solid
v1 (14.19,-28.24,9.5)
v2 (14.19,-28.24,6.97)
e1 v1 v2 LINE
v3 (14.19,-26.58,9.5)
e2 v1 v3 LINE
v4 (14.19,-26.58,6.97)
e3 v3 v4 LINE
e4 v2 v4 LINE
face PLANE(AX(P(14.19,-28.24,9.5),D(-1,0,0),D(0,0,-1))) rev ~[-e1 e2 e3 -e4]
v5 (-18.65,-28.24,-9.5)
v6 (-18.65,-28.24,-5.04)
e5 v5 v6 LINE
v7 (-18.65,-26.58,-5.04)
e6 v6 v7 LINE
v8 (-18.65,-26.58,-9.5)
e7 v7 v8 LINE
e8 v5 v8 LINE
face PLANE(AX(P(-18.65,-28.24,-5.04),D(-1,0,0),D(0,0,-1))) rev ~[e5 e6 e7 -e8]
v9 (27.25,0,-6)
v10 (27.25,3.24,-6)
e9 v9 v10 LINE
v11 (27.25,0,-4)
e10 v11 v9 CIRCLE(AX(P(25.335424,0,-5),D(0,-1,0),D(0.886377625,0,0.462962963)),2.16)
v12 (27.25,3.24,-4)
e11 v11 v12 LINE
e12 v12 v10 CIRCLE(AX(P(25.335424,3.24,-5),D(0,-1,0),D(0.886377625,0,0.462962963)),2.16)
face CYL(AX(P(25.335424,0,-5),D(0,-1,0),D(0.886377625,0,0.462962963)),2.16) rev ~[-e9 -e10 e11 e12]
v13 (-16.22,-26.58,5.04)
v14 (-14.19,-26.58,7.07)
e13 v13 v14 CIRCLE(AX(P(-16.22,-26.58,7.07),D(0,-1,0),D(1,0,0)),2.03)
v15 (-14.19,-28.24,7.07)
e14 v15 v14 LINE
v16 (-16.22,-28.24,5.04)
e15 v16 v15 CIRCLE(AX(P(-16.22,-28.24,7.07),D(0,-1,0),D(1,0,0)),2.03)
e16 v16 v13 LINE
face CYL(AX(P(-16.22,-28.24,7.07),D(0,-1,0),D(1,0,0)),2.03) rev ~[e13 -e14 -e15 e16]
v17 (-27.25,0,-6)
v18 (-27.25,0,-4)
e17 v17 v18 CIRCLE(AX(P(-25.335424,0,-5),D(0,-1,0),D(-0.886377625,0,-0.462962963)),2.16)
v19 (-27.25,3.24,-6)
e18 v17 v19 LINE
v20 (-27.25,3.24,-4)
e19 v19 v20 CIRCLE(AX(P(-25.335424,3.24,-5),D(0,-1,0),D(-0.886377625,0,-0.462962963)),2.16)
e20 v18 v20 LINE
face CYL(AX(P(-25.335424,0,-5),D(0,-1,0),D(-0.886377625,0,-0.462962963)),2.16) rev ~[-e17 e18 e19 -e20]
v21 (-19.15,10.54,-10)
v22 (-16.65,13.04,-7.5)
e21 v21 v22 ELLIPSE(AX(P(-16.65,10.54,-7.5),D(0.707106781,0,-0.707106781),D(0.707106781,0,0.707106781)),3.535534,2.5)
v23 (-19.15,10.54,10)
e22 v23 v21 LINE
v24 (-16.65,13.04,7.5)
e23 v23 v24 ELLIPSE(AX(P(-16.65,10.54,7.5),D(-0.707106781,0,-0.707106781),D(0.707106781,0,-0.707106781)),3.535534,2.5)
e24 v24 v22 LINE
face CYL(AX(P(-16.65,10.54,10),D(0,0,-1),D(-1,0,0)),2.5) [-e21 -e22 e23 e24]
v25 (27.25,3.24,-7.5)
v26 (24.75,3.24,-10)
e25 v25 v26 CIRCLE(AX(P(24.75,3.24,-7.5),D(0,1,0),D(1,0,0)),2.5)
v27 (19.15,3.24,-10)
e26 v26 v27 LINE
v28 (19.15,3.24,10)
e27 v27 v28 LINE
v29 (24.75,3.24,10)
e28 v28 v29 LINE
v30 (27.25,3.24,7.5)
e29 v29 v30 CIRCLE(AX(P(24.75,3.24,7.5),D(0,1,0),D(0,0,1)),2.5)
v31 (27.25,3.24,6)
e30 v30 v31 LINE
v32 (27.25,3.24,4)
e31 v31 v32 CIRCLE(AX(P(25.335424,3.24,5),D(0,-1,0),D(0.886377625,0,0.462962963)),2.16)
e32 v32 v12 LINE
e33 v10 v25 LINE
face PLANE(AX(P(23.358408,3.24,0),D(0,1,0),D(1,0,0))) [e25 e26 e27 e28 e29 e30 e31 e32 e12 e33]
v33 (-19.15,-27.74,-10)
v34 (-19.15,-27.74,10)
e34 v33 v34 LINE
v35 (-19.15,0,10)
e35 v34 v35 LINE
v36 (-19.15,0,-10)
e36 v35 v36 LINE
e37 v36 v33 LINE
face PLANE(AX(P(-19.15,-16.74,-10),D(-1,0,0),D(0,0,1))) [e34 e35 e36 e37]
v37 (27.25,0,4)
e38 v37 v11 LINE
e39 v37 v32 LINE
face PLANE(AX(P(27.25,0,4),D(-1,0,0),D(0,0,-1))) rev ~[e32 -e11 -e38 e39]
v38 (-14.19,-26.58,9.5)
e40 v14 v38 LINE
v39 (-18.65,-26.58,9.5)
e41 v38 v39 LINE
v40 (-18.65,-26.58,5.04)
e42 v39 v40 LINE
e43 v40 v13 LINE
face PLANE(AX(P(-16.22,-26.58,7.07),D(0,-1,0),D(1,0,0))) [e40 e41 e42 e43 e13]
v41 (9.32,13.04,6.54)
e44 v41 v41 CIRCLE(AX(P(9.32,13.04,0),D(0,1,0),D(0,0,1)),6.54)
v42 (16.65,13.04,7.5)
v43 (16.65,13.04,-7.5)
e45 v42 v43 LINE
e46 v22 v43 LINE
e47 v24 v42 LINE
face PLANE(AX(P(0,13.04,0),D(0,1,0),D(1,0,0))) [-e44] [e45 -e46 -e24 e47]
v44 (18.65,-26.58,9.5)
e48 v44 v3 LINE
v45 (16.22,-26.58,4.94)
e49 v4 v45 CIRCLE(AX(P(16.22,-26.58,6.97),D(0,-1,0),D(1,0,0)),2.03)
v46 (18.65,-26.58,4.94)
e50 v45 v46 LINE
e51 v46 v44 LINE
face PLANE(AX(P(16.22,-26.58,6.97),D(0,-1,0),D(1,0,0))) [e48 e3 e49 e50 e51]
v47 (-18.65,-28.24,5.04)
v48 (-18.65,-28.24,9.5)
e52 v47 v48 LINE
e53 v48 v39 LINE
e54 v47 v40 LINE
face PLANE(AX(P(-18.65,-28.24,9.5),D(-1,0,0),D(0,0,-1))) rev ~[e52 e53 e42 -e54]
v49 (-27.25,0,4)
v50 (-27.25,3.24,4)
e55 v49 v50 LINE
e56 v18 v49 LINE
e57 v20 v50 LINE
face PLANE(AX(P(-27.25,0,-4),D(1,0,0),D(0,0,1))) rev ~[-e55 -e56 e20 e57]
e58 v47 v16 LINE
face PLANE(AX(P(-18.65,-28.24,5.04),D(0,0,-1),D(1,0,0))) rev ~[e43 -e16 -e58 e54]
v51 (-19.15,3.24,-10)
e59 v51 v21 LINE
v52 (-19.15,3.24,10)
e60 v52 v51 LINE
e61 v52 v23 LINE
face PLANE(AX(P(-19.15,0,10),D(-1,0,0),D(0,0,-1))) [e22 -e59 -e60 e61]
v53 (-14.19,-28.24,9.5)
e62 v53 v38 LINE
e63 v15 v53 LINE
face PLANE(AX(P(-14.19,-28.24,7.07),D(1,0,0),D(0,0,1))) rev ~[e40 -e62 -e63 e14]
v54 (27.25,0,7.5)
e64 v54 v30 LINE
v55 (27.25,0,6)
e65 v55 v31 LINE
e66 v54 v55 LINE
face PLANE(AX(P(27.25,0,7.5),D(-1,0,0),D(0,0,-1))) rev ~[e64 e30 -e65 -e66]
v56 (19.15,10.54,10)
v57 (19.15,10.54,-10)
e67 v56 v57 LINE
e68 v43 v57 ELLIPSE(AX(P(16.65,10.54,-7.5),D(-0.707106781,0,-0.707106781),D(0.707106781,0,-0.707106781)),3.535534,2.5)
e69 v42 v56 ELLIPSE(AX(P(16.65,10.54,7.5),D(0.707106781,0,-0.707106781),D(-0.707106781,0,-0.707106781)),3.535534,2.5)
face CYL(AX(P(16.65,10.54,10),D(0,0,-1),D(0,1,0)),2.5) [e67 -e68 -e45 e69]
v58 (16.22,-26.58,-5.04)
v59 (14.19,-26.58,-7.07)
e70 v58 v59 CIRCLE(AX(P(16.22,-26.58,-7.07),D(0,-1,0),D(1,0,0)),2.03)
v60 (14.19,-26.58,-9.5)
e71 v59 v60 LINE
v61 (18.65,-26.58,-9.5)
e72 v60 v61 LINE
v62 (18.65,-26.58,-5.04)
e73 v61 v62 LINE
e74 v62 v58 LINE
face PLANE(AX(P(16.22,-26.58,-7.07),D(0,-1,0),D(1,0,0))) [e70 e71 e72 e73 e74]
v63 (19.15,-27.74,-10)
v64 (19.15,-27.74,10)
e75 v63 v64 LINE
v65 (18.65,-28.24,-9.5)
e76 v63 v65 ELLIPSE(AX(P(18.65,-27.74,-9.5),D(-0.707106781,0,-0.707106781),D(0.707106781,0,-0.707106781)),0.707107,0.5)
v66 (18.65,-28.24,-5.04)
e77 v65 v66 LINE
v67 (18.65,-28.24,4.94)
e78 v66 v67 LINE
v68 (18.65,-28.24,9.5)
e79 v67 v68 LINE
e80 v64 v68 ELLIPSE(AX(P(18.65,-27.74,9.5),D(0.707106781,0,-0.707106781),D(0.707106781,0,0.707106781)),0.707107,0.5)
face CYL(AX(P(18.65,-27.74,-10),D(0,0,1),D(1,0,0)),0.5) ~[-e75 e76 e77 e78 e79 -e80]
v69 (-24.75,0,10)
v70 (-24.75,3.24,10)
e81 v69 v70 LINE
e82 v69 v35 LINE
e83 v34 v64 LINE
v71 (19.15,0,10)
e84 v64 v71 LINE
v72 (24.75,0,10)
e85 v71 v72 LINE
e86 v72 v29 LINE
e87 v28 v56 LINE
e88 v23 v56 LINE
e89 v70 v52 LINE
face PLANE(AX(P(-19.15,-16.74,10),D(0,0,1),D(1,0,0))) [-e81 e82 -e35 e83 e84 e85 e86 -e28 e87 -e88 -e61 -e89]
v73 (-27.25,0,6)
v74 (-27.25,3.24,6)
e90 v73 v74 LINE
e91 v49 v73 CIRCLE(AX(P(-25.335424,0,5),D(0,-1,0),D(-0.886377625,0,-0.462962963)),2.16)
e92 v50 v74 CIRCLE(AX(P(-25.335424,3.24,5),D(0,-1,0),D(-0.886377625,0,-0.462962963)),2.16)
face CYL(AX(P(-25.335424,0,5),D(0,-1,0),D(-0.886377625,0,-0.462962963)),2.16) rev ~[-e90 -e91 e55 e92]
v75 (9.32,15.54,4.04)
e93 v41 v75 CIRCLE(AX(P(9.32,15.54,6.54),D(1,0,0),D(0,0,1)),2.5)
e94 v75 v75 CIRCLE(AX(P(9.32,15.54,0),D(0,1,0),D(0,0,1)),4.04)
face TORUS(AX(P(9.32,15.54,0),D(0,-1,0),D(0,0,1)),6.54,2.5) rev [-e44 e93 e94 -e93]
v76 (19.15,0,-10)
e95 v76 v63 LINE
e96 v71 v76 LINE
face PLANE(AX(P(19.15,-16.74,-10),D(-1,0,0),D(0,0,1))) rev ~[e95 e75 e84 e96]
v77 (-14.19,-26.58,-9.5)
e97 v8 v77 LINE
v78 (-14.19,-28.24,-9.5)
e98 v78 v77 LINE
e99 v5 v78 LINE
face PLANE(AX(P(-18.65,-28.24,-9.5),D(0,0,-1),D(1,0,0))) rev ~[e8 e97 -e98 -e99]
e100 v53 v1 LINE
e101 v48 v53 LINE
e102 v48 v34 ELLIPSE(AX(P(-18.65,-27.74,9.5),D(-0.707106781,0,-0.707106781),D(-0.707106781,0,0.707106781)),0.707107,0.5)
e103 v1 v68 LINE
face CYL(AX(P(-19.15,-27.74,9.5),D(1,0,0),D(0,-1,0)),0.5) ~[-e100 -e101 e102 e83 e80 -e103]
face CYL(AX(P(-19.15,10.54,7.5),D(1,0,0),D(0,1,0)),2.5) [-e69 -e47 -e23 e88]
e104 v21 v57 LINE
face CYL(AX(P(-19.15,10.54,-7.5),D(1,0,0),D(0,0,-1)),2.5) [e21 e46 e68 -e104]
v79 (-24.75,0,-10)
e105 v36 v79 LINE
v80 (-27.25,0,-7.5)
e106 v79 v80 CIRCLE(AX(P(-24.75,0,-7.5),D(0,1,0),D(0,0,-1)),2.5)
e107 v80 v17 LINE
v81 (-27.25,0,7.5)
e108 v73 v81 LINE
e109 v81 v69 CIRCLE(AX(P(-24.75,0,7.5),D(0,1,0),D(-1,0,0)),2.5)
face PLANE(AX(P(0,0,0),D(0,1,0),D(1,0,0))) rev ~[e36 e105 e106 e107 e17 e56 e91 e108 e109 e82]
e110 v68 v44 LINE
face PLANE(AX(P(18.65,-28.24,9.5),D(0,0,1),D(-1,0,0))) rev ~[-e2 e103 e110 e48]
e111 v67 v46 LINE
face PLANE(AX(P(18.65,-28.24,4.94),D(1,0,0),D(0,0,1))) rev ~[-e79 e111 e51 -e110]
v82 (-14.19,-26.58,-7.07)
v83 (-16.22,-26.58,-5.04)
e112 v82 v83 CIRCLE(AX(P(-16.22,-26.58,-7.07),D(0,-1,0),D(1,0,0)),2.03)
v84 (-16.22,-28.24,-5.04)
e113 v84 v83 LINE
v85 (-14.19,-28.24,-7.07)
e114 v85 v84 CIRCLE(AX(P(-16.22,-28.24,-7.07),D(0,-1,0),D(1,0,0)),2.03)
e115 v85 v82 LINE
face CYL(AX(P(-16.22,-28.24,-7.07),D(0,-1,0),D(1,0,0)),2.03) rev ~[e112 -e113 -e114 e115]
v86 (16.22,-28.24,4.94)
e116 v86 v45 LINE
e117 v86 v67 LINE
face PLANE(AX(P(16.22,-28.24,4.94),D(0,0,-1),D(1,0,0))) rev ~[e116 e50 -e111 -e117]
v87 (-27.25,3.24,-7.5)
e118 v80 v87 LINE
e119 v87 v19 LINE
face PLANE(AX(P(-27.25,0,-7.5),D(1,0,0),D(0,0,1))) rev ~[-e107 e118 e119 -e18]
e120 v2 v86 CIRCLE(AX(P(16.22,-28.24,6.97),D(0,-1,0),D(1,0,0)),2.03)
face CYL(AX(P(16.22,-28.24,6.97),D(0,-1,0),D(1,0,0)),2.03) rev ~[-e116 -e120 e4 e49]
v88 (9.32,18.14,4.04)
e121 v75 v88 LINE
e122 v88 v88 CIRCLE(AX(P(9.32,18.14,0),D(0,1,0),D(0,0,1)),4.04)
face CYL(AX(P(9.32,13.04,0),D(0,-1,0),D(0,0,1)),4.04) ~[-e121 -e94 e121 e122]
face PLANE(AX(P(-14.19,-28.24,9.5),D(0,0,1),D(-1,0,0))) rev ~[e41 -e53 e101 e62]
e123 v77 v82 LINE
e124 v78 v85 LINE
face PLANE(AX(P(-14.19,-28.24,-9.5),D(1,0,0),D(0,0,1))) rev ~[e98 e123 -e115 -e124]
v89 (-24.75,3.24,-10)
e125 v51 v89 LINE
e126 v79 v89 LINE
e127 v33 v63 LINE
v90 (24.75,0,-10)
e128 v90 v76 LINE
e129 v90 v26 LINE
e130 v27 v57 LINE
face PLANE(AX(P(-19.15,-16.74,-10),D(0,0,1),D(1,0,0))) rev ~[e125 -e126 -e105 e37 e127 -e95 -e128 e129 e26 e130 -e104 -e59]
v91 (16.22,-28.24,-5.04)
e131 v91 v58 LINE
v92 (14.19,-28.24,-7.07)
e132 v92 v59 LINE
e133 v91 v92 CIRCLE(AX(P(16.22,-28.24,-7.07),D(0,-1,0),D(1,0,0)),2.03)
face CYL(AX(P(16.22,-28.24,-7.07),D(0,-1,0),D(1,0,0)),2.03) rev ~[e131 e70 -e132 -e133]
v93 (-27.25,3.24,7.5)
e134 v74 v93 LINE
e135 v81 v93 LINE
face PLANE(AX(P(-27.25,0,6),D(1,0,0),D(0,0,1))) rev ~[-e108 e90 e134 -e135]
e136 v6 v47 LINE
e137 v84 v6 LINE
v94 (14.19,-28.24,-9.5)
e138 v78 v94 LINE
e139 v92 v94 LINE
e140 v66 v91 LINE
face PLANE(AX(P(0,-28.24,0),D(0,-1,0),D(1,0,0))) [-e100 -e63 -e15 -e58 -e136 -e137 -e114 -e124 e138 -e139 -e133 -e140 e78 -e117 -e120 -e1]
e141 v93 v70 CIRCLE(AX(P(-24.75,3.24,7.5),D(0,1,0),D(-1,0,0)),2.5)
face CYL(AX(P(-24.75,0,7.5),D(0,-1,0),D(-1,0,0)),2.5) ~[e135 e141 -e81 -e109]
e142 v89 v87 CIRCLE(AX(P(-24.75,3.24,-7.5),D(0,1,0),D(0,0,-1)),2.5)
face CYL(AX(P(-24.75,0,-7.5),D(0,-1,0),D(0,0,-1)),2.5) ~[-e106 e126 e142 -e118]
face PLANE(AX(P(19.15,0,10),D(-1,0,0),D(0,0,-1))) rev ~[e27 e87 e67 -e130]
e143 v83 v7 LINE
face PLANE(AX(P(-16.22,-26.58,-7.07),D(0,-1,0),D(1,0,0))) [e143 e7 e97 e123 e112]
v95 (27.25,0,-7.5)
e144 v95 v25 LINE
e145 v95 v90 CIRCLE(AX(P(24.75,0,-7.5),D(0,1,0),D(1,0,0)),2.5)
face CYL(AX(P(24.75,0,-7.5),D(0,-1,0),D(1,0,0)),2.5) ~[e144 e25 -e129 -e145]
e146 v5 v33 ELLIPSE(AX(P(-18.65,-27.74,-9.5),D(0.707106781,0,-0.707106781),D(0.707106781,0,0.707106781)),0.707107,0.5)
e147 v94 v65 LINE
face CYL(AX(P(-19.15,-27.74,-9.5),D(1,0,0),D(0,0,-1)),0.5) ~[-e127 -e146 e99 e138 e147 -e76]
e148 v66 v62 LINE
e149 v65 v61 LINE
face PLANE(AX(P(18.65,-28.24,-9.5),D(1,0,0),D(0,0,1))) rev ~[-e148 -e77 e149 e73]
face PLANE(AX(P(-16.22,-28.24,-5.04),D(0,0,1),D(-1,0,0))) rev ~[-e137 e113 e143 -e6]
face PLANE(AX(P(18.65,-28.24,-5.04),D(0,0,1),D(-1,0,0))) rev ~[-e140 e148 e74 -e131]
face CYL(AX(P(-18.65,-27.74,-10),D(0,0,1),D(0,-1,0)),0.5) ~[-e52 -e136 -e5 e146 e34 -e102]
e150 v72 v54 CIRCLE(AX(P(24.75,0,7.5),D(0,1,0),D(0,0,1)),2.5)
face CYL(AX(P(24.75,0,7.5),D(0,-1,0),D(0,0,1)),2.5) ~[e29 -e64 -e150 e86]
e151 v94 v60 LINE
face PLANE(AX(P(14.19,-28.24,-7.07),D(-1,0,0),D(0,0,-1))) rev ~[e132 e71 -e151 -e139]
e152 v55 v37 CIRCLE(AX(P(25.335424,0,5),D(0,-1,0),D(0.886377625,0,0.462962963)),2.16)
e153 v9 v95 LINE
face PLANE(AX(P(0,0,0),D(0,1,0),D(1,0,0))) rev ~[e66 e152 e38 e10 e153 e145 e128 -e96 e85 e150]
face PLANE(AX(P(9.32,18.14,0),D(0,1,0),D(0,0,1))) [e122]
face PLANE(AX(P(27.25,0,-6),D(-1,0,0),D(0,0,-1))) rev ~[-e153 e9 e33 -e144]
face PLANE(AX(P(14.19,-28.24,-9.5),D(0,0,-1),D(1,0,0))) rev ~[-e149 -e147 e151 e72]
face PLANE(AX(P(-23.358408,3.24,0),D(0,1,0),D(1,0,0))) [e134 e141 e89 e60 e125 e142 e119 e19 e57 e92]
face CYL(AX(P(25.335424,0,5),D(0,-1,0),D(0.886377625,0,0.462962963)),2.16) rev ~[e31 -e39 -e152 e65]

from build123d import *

# Parameters (mm, degrees)
BOSS_EXTRUDE2_DEPTH   = 3.24
BOSS_EXTRUDE2_2_DEPTH = 3.24
SKETCH1_9_W           = 38.3
SKETCH1_9_H           = 20
BOSS_EXTRUDE3_DEPTH   = 13.04
SKETCH2_R             = 4.04
BOSS_EXTRUDE4_DEPTH   = 5.1
SKETCH1_10_W          = 38.3
SKETCH1_10_H          = 20
BOSS_EXTRUDE7_DEPTH   = 16.74
SKETCH5_W             = 38.3
SKETCH5_H             = 20
BOSS_EXTRUDE8_DEPTH   = 11.5
FILLET1_R             = 2.5
FILLET2_R             = 0.5
SKETCH6_R             = 2.03
CUT_EXTRUDE1_DEPTH    = 1.66


with BuildPart() as part:
    # Sketch1 → Boss-Extrude2 (new body)
    with BuildSketch(Plane(origin=(0, 0, 0), x_dir=(1, 0, 0), z_dir=(0, 1, 0))):
        with BuildLine():
            Line((-19.15, -10), (-19.15, 10))
            Line((-19.15, 10), (-24.75, 10))
            ThreePointArc((-24.75, 10), (-26.517766953, 9.267766953), (-27.25, 7.5))
            Line((-27.25, 7.5), (-27.25, 6))
            ThreePointArc((-27.25, 6), (-23.175424329, 5), (-27.25, 4))
            Line((-27.25, 4), (-27.25, -4))
            ThreePointArc((-27.25, -4), (-23.175424329, -5), (-27.25, -6))
            Line((-27.25, -6), (-27.25, -7.5))
            ThreePointArc((-27.25, -7.5), (-26.517766953, -9.267766953), (-24.75, -10))
            Line((-24.75, -10), (-19.15, -10))
        make_face()
    extrude(amount=BOSS_EXTRUDE2_DEPTH)



with BuildPart() as body_2:
    # Sketch1 → Boss-Extrude2 2 (new body)
    with BuildSketch(Plane(origin=(0, 0, 0), x_dir=(1, 0, 0), z_dir=(0, 1, 0))):
        with BuildLine():
            Line((24.75, 10), (19.15, 10))
            Line((19.15, 10), (19.15, -10))
            Line((19.15, -10), (24.75, -10))
            ThreePointArc((24.75, -10), (26.517766953, -9.267766953), (27.25, -7.5))
            Line((27.25, -7.5), (27.25, -6))
            ThreePointArc((27.25, -6), (23.175424329, -5), (27.25, -4))
            Line((27.25, -4), (27.25, 4))
            ThreePointArc((27.25, 4), (23.175424329, 5), (27.25, 6))
            Line((27.25, 6), (27.25, 7.5))
            ThreePointArc((27.25, 7.5), (26.517766953, 9.267766953), (24.75, 10))
        make_face()
    extrude(amount=BOSS_EXTRUDE2_2_DEPTH)


with BuildPart() as part_1:
    add(part.part)

    add(body_2.part)  # Boss-Extrude3 merges body 2
    # Sketch1<9> → Boss-Extrude3 (add)
    with BuildSketch(Plane(origin=(0, 0, 0), x_dir=(1, 0, 0), z_dir=(0, 1, 0))):
        Rectangle(SKETCH1_9_W, SKETCH1_9_H)
    extrude(amount=BOSS_EXTRUDE3_DEPTH)

    # Sketch2 → Boss-Extrude4 (add)
    with BuildSketch(Plane(origin=(0, 13.04, 0), x_dir=(1, 0, 0), z_dir=(0, 1, 0))):
        with Locations(Location((9.32, 0, 0), (0, 0, 270))):
            Circle(SKETCH2_R)
    extrude(amount=BOSS_EXTRUDE4_DEPTH)

    # Sketch1<10> → Boss-Extrude7 (add)
    with BuildSketch(Plane(origin=(0, 0, 0), x_dir=(1, 0, 0), z_dir=(0, 1, 0))):
        Rectangle(SKETCH1_10_W, SKETCH1_10_H)
    extrude(amount=-BOSS_EXTRUDE7_DEPTH)

    # Sketch5 → Boss-Extrude8 (add)
    with BuildSketch(Plane.XZ.offset(16.74)):
        Rectangle(SKETCH5_W, SKETCH5_H)
    extrude(amount=BOSS_EXTRUDE8_DEPTH)

    # Fillet1
    fillet1_edges = [part_1.edges().sort_by_distance(p)[0] for p in [
        (19.15, 13.04, 0),
        (0, 13.04, -10),
        (-19.15, 13.04, 0),
        (0, 13.04, 10),
        (9.32, 13.04, -4.04),
    ]]
    fillet(fillet1_edges, radius=FILLET1_R)

    # Fillet2
    fillet2_edges = [part_1.edges().sort_by_distance(p)[0] for p in [
        (-19.15, -28.24, 0),
        (0, -28.24, -10),
        (19.15, -28.24, 0),
        (0, -28.24, 10),
    ]]
    fillet(fillet2_edges, radius=FILLET2_R)

    # Sketch6 → Cut-Extrude1 (cut)
    with BuildSketch(Plane.XZ.offset(28.24)):
        with Locations((-16.22, 7.07)):
            Circle(SKETCH6_R)
        with BuildLine():
            Line((-18.65, 9.5), (-18.65, 5.04))
            Line((-18.65, 5.04), (-16.22, 5.04))
            ThreePointArc((-16.22, 5.04), (-17.655426766, 8.505426766), (-14.19, 7.07))
            Line((-14.19, 7.07), (-14.19, 9.5))
            Line((-14.19, 9.5), (-18.65, 9.5))
        make_face()
        with Locations((-16.22, -7.07)):
            Circle(SKETCH6_R)
        with BuildLine():
            Line((-16.22, -5.04), (-18.65, -5.04))
            Line((-18.65, -5.04), (-18.65, -9.5))
            Line((-18.65, -9.5), (-14.19, -9.5))
            Line((-14.19, -9.5), (-14.19, -7.07))
            ThreePointArc((-14.19, -7.07), (-17.655426766, -8.505426766), (-16.22, -5.04))
        make_face()
        with Locations((16.22, 6.97)):
            Circle(SKETCH6_R)
        with BuildLine():
            Line((18.65, 9.5), (14.19, 9.5))
            Line((14.19, 9.5), (14.19, 6.97))
            ThreePointArc((14.19, 6.97), (16.22, 9), (18.25, 6.97))
            ThreePointArc((18.25, 6.97), (17.655426766, 5.534573234), (16.22, 4.94))
            Line((16.22, 4.94), (18.65, 4.94))
            Line((18.65, 4.94), (18.65, 9.5))
        make_face()
        with Locations((16.22, -7.07)):
            Circle(SKETCH6_R)
        with BuildLine():
            Line((14.19, -7.07), (14.19, -9.5))
            Line((14.19, -9.5), (18.65, -9.5))
            Line((18.65, -9.5), (18.65, -5.04))
            Line((18.65, -5.04), (16.22, -5.04))
            ThreePointArc((16.22, -5.04), (17.655426766, -5.634573234), (18.25, -7.07))
            ThreePointArc((18.25, -7.07), (16.22, -9.1), (14.19, -7.07))
        make_face()
    extrude(amount=-CUT_EXTRUDE1_DEPTH, mode=Mode.SUBTRACT)


solid = part_1.part
